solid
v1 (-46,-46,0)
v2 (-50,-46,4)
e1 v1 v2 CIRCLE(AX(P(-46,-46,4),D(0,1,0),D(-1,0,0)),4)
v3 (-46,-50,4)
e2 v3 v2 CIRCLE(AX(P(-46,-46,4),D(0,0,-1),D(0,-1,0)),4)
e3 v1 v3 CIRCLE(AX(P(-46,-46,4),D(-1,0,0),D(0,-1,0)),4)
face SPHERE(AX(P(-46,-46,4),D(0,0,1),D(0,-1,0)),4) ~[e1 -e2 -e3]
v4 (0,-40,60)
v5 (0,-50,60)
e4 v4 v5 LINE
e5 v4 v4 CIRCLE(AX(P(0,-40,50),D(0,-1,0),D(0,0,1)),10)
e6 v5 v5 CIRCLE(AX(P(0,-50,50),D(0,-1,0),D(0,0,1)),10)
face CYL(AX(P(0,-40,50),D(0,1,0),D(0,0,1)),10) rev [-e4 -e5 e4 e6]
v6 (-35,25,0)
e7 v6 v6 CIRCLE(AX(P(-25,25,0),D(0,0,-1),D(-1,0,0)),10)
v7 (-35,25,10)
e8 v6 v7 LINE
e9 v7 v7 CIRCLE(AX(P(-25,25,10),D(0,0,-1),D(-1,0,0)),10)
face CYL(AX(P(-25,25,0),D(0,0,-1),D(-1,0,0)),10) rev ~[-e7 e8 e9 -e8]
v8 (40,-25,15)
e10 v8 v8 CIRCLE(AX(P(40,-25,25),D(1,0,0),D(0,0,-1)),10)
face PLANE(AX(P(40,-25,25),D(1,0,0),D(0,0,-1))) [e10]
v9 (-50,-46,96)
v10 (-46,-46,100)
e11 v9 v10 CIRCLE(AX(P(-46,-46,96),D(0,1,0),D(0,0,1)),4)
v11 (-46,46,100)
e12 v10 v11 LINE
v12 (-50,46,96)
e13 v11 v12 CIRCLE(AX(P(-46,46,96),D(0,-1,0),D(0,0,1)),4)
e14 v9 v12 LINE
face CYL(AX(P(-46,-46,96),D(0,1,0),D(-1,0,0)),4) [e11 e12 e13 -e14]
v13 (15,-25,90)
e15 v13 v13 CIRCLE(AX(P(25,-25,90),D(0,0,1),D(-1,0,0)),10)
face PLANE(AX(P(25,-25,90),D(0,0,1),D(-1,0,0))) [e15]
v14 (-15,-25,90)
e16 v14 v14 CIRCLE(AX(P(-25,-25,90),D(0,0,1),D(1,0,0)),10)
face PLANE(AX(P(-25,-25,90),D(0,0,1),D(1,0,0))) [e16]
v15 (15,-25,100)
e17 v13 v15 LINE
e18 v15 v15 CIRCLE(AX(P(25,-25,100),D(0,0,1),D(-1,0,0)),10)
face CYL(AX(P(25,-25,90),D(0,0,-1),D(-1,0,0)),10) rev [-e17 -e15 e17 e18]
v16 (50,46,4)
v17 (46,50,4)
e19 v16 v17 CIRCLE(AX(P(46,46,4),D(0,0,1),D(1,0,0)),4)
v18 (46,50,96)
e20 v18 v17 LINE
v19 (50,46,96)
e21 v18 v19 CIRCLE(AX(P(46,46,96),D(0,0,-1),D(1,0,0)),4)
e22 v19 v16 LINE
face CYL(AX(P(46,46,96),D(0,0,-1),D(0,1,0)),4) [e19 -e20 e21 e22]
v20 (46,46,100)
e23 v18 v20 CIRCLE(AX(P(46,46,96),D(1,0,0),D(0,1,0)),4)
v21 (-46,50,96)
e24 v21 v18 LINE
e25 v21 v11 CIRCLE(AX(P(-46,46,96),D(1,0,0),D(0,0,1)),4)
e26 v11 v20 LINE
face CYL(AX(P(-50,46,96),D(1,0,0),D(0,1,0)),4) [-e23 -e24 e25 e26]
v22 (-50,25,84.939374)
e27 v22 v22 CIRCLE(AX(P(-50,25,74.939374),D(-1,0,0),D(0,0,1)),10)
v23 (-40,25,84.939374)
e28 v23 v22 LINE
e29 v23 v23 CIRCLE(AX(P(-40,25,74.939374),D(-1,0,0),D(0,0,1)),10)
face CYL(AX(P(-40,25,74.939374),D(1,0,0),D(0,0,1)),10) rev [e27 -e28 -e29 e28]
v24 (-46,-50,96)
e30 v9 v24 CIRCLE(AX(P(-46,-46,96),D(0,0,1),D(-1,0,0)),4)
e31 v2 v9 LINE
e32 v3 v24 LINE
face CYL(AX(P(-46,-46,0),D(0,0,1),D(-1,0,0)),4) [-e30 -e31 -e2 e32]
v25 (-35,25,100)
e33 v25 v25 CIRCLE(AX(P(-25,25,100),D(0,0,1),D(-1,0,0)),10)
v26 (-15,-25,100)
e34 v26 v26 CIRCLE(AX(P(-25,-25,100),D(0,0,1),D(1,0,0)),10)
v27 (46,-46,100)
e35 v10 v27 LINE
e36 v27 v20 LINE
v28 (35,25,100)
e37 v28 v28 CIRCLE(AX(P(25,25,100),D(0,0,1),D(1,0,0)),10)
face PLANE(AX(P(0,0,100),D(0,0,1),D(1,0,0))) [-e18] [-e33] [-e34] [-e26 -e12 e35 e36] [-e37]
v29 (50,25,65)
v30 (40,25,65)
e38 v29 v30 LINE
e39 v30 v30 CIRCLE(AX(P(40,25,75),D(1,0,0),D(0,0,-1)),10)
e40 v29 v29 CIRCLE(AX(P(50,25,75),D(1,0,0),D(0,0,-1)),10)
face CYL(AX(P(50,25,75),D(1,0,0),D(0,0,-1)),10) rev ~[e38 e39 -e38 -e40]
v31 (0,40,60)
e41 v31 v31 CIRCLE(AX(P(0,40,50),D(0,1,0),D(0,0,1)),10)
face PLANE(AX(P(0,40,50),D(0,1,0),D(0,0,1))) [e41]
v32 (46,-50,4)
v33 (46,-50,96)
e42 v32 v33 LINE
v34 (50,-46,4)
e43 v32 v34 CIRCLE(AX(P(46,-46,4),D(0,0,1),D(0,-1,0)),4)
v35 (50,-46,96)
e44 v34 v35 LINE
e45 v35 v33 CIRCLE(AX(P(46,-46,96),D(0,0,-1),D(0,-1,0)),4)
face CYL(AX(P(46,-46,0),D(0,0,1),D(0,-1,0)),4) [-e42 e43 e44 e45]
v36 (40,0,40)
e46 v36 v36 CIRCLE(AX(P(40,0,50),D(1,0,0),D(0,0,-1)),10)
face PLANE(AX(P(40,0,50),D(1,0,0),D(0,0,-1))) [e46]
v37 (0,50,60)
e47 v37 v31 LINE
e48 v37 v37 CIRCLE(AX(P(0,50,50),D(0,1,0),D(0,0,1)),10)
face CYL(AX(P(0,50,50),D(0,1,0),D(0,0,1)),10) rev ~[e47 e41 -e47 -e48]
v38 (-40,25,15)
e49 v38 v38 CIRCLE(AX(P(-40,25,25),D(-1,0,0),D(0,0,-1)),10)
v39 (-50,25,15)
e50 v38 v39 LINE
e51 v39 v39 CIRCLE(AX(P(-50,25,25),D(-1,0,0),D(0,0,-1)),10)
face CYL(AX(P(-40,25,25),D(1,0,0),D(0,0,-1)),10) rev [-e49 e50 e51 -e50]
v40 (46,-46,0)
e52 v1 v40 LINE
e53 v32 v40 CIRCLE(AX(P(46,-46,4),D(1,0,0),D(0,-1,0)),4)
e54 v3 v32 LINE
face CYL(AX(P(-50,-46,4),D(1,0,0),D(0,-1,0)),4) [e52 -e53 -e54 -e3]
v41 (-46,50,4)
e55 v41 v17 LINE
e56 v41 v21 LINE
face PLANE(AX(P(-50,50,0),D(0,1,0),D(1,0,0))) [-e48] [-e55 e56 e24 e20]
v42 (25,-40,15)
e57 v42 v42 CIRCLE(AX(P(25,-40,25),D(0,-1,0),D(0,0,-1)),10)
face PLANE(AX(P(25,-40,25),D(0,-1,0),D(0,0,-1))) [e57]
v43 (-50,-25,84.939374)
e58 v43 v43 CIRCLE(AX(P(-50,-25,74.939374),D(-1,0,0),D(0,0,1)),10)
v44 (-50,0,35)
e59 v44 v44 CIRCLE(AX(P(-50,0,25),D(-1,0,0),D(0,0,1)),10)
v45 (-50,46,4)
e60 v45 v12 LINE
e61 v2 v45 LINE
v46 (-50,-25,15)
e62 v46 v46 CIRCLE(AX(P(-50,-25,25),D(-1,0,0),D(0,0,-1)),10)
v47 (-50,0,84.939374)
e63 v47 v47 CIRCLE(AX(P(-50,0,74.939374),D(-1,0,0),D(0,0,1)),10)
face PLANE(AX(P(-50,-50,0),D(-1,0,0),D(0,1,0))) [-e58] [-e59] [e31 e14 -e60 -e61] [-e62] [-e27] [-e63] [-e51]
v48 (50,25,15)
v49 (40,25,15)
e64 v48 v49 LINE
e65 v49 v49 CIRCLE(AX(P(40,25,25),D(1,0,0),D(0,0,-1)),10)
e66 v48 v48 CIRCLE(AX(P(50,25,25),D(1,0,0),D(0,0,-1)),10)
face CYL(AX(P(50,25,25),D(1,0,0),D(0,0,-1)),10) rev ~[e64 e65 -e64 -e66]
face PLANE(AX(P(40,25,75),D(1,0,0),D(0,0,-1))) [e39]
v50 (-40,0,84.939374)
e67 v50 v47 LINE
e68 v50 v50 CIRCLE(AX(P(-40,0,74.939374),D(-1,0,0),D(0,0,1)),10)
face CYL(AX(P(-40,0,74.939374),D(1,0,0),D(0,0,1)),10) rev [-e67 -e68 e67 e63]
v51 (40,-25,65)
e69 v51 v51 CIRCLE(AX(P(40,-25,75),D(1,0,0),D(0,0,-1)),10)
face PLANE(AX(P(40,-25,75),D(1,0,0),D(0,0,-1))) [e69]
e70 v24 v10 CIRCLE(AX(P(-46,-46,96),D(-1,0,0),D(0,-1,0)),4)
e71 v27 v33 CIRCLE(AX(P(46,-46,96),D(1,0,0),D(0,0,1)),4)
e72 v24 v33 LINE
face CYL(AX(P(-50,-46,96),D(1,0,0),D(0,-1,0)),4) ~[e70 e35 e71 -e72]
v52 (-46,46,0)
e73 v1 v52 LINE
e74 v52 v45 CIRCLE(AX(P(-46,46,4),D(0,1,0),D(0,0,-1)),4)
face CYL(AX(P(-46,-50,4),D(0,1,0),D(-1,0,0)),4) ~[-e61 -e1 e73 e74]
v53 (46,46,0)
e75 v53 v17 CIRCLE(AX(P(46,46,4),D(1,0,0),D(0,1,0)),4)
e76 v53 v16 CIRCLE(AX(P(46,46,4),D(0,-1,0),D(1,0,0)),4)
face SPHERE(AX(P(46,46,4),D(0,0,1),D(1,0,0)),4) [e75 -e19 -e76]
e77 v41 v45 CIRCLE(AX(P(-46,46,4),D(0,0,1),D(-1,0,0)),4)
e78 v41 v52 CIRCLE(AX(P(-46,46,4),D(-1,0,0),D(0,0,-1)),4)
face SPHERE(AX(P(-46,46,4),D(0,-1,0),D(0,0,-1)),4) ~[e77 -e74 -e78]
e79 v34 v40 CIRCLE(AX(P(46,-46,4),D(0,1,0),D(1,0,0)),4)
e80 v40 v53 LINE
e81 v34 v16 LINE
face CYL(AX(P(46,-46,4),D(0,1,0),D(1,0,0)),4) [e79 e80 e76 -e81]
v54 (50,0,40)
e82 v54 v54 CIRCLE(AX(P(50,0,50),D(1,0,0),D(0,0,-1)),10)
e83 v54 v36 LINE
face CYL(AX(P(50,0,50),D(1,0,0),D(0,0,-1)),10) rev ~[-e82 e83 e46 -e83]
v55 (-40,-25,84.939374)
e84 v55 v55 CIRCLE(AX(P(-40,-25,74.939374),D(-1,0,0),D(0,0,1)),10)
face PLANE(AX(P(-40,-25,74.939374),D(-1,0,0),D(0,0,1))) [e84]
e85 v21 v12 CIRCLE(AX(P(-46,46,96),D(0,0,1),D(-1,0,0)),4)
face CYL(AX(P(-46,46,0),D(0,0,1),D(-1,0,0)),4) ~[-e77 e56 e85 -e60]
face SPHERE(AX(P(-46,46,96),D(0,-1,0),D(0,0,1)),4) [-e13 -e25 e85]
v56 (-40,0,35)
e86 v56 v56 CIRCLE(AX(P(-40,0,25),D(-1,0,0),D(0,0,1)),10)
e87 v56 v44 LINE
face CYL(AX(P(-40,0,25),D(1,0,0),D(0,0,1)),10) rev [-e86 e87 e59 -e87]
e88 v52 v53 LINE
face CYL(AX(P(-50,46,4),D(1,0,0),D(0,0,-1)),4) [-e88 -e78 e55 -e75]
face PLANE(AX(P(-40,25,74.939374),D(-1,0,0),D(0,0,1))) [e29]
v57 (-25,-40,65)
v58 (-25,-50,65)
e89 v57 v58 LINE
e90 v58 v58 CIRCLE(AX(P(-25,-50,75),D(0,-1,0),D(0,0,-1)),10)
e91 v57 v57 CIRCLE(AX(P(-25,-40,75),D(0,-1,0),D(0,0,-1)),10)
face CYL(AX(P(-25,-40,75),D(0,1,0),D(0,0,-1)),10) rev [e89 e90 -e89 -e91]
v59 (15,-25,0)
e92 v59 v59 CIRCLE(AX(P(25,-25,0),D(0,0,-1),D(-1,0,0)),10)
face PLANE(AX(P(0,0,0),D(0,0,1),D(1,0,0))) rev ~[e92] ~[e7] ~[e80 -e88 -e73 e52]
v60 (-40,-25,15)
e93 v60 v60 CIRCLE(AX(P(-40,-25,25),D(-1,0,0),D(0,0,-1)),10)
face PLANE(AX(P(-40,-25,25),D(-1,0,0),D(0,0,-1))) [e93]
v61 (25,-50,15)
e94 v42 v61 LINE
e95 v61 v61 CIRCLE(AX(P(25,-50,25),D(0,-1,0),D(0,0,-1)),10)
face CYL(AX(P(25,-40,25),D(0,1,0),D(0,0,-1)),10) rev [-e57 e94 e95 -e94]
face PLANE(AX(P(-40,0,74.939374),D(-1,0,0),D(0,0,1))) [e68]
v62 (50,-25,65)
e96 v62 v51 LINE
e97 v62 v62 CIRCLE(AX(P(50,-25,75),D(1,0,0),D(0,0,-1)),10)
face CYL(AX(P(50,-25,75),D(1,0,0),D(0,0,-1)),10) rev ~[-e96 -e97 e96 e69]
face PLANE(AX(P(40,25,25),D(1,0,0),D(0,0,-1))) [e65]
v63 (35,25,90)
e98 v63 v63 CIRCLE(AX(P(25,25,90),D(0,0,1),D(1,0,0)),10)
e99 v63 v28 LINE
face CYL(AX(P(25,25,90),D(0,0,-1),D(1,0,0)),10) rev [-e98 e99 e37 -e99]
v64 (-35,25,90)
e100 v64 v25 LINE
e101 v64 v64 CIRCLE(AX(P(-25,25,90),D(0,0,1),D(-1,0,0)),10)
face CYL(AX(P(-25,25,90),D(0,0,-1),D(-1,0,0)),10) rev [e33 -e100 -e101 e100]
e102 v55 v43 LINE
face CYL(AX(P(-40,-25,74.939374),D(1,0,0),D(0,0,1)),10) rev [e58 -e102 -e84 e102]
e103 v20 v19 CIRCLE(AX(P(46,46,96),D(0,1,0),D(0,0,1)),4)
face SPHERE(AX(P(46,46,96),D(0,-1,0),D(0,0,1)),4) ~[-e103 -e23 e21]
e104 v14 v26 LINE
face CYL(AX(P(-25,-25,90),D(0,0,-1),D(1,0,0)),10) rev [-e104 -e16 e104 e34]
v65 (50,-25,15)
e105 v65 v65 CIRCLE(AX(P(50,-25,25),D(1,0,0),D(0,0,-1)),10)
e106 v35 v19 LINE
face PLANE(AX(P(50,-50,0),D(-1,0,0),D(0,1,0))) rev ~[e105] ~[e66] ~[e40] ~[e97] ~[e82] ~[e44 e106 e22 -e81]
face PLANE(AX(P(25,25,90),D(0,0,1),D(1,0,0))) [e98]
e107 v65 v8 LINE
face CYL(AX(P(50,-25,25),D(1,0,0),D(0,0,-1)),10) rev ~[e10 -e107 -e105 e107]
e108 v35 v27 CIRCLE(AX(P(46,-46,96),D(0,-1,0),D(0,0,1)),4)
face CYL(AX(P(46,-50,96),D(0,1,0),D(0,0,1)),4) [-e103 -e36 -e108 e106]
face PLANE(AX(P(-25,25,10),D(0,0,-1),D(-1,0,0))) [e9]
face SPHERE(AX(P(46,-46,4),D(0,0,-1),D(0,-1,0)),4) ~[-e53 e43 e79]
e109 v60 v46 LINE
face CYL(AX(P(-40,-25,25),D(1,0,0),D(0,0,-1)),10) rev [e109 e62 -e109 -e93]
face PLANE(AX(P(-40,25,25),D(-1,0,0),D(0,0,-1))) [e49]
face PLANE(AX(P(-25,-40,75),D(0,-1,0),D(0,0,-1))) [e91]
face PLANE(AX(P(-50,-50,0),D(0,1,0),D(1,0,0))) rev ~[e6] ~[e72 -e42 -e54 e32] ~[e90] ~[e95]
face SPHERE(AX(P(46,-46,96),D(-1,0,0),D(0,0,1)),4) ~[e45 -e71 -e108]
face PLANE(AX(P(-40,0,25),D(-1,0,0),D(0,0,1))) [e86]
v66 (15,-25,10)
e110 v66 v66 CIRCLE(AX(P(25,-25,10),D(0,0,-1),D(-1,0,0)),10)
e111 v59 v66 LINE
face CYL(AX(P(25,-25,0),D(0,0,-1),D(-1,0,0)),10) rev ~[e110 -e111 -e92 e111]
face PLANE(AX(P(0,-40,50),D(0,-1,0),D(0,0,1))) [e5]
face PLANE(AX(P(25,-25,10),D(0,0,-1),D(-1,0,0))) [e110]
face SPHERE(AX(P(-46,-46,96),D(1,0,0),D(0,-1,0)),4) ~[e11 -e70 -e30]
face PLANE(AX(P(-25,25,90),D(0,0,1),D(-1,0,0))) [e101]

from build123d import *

# Parameters (mm, degrees)
CROQUIS1_W              = 100
CROQUIS1_H              = 100
SALIENTE_EXTRUIR1_DEPTH = 100
CROQUIS8_R              = 10
CORTAR_EXTRUIR7_DEPTH   = 10
CORTAR_EXTRUIR9_START   = -10
CROQUIS10_R             = 10
CORTAR_EXTRUIR9_DEPTH   = 10
CROQUIS11_R             = 10
CORTAR_EXTRUIR11_DEPTH  = 10
CORTAR_EXTRUIR12_START  = -10
CROQUIS9_R              = 10
CORTAR_EXTRUIR12_DEPTH  = 10
CROQUIS12_R             = 10
CORTAR_EXTRUIR13_DEPTH  = 10
CORTAR_EXTRUIR14_START  = -10
CROQUIS13_R             = 10
CORTAR_EXTRUIR14_DEPTH  = 10
REDONDEO2_R             = 4
REDONDEO3_R             = 4


with BuildPart() as part:
    # Croquis1 → Saliente-Extruir1 (new body)
    with BuildSketch(Plane.XY):
        Rectangle(CROQUIS1_W, CROQUIS1_H)
    extrude(amount=SALIENTE_EXTRUIR1_DEPTH)

    # Croquis8 → Cortar-Extruir7 (cut)
    with BuildSketch(Plane(origin=(0, 50, 0), x_dir=(1, 0, 0), z_dir=(0, 1, 0))):
        with Locations(Location((0, -50, 0), (0, 0, 270))):
            Circle(CROQUIS8_R)
    extrude(amount=-CORTAR_EXTRUIR7_DEPTH, mode=Mode.SUBTRACT)

    # Croquis10 → Cortar-Extruir9 (cut)
    with BuildSketch(Plane.XZ.offset(50).offset(CORTAR_EXTRUIR9_START)):
        with Locations(Location((-25, 75, 0), (0, 0, 270))):
            Circle(CROQUIS10_R)
        with Locations(Location((0, 50, 0), (0, 0, 90))):
            Circle(CROQUIS10_R)
        with Locations(Location((25, 25, 0), (0, 0, 270))):
            Circle(CROQUIS10_R)
    extrude(amount=CORTAR_EXTRUIR9_DEPTH, mode=Mode.SUBTRACT)

    # Croquis11 → Cortar-Extruir11 (cut)
    with BuildSketch(Plane(origin=(0, 0, 0), x_dir=(-1, 0, 0), z_dir=(0, 0, -1))):
        with Locations((-25, -25)):
            Circle(CROQUIS11_R)
        with Locations((25, 25)):
            Circle(CROQUIS11_R)
    extrude(amount=-CORTAR_EXTRUIR11_DEPTH, mode=Mode.SUBTRACT)

    # Croquis9 → Cortar-Extruir12 (cut)
    with BuildSketch(Plane.XY.offset(100).offset(CORTAR_EXTRUIR12_START)):
        with Locations(Location((-25, 25, 0), (0, 0, 180))):
            Circle(CROQUIS9_R)
        with Locations(Location((25, -25, 0), (0, 0, 180))):
            Circle(CROQUIS9_R)
        with Locations((25, 25)):
            Circle(CROQUIS9_R)
        with Locations((-25, -25)):
            Circle(CROQUIS9_R)
    extrude(amount=CORTAR_EXTRUIR12_DEPTH, mode=Mode.SUBTRACT)

    # Croquis12 → Cortar-Extruir13 (cut)
    with BuildSketch(Plane(origin=(50, 0, 0), x_dir=(0, 0, -1), z_dir=(1, 0, 0))):
        with Locations((-25, -25)):
            Circle(CROQUIS12_R)
        with Locations((-50, 0)):
            Circle(CROQUIS12_R)
        with Locations((-75, -25)):
            Circle(CROQUIS12_R)
        with Locations((-75, 25)):
            Circle(CROQUIS12_R)
        with Locations((-25, 25)):
            Circle(CROQUIS12_R)
    extrude(amount=-CORTAR_EXTRUIR13_DEPTH, mode=Mode.SUBTRACT)

    # Croquis13 → Cortar-Extruir14 (cut)
    with BuildSketch(Plane.ZY.offset(50).offset(CORTAR_EXTRUIR14_START)):
        with Locations(Location((25, 25, 0), (0, 0, 180))):
            Circle(CROQUIS13_R)
        with Locations((25, 0)):
            Circle(CROQUIS13_R)
        with Locations(Location((25, -25, 0), (0, 0, 180))):
            Circle(CROQUIS13_R)
        with Locations((74.939373622, 25)):
            Circle(CROQUIS13_R)
        with Locations((74.939373622, 0)):
            Circle(CROQUIS13_R)
        with Locations((74.939373622, -25)):
            Circle(CROQUIS13_R)
    extrude(amount=CORTAR_EXTRUIR14_DEPTH, mode=Mode.SUBTRACT)

    # Redondeo2
    redondeo2_edges = [part.edges().sort_by_distance(p)[0] for p in [
        (0, -50, 100),
        (50, 0, 100),
        (50, -50, 50),
    ]]
    fillet(redondeo2_edges, radius=REDONDEO2_R)

    # Redondeo3
    redondeo3_edges = [part.edges().sort_by_distance(p)[0] for p in [
        (-50, -48.828427125, 98.828427125),
        (48.828427125, 50, 98.828427125),
        (-50, 2, 100),
        (-2, -50, 0),
        (-50, 0, 0),
        (0, 50, 0),
        (-50, 50, 50),
        (50, 2, 0),
        (50, 50, 48),
        (48.828427125, -48.828427125, 0),
        (-50, -50, 48),
        (-2, 50, 100),
    ]]
    fillet(redondeo3_edges, radius=REDONDEO3_R)


solid = part.part
